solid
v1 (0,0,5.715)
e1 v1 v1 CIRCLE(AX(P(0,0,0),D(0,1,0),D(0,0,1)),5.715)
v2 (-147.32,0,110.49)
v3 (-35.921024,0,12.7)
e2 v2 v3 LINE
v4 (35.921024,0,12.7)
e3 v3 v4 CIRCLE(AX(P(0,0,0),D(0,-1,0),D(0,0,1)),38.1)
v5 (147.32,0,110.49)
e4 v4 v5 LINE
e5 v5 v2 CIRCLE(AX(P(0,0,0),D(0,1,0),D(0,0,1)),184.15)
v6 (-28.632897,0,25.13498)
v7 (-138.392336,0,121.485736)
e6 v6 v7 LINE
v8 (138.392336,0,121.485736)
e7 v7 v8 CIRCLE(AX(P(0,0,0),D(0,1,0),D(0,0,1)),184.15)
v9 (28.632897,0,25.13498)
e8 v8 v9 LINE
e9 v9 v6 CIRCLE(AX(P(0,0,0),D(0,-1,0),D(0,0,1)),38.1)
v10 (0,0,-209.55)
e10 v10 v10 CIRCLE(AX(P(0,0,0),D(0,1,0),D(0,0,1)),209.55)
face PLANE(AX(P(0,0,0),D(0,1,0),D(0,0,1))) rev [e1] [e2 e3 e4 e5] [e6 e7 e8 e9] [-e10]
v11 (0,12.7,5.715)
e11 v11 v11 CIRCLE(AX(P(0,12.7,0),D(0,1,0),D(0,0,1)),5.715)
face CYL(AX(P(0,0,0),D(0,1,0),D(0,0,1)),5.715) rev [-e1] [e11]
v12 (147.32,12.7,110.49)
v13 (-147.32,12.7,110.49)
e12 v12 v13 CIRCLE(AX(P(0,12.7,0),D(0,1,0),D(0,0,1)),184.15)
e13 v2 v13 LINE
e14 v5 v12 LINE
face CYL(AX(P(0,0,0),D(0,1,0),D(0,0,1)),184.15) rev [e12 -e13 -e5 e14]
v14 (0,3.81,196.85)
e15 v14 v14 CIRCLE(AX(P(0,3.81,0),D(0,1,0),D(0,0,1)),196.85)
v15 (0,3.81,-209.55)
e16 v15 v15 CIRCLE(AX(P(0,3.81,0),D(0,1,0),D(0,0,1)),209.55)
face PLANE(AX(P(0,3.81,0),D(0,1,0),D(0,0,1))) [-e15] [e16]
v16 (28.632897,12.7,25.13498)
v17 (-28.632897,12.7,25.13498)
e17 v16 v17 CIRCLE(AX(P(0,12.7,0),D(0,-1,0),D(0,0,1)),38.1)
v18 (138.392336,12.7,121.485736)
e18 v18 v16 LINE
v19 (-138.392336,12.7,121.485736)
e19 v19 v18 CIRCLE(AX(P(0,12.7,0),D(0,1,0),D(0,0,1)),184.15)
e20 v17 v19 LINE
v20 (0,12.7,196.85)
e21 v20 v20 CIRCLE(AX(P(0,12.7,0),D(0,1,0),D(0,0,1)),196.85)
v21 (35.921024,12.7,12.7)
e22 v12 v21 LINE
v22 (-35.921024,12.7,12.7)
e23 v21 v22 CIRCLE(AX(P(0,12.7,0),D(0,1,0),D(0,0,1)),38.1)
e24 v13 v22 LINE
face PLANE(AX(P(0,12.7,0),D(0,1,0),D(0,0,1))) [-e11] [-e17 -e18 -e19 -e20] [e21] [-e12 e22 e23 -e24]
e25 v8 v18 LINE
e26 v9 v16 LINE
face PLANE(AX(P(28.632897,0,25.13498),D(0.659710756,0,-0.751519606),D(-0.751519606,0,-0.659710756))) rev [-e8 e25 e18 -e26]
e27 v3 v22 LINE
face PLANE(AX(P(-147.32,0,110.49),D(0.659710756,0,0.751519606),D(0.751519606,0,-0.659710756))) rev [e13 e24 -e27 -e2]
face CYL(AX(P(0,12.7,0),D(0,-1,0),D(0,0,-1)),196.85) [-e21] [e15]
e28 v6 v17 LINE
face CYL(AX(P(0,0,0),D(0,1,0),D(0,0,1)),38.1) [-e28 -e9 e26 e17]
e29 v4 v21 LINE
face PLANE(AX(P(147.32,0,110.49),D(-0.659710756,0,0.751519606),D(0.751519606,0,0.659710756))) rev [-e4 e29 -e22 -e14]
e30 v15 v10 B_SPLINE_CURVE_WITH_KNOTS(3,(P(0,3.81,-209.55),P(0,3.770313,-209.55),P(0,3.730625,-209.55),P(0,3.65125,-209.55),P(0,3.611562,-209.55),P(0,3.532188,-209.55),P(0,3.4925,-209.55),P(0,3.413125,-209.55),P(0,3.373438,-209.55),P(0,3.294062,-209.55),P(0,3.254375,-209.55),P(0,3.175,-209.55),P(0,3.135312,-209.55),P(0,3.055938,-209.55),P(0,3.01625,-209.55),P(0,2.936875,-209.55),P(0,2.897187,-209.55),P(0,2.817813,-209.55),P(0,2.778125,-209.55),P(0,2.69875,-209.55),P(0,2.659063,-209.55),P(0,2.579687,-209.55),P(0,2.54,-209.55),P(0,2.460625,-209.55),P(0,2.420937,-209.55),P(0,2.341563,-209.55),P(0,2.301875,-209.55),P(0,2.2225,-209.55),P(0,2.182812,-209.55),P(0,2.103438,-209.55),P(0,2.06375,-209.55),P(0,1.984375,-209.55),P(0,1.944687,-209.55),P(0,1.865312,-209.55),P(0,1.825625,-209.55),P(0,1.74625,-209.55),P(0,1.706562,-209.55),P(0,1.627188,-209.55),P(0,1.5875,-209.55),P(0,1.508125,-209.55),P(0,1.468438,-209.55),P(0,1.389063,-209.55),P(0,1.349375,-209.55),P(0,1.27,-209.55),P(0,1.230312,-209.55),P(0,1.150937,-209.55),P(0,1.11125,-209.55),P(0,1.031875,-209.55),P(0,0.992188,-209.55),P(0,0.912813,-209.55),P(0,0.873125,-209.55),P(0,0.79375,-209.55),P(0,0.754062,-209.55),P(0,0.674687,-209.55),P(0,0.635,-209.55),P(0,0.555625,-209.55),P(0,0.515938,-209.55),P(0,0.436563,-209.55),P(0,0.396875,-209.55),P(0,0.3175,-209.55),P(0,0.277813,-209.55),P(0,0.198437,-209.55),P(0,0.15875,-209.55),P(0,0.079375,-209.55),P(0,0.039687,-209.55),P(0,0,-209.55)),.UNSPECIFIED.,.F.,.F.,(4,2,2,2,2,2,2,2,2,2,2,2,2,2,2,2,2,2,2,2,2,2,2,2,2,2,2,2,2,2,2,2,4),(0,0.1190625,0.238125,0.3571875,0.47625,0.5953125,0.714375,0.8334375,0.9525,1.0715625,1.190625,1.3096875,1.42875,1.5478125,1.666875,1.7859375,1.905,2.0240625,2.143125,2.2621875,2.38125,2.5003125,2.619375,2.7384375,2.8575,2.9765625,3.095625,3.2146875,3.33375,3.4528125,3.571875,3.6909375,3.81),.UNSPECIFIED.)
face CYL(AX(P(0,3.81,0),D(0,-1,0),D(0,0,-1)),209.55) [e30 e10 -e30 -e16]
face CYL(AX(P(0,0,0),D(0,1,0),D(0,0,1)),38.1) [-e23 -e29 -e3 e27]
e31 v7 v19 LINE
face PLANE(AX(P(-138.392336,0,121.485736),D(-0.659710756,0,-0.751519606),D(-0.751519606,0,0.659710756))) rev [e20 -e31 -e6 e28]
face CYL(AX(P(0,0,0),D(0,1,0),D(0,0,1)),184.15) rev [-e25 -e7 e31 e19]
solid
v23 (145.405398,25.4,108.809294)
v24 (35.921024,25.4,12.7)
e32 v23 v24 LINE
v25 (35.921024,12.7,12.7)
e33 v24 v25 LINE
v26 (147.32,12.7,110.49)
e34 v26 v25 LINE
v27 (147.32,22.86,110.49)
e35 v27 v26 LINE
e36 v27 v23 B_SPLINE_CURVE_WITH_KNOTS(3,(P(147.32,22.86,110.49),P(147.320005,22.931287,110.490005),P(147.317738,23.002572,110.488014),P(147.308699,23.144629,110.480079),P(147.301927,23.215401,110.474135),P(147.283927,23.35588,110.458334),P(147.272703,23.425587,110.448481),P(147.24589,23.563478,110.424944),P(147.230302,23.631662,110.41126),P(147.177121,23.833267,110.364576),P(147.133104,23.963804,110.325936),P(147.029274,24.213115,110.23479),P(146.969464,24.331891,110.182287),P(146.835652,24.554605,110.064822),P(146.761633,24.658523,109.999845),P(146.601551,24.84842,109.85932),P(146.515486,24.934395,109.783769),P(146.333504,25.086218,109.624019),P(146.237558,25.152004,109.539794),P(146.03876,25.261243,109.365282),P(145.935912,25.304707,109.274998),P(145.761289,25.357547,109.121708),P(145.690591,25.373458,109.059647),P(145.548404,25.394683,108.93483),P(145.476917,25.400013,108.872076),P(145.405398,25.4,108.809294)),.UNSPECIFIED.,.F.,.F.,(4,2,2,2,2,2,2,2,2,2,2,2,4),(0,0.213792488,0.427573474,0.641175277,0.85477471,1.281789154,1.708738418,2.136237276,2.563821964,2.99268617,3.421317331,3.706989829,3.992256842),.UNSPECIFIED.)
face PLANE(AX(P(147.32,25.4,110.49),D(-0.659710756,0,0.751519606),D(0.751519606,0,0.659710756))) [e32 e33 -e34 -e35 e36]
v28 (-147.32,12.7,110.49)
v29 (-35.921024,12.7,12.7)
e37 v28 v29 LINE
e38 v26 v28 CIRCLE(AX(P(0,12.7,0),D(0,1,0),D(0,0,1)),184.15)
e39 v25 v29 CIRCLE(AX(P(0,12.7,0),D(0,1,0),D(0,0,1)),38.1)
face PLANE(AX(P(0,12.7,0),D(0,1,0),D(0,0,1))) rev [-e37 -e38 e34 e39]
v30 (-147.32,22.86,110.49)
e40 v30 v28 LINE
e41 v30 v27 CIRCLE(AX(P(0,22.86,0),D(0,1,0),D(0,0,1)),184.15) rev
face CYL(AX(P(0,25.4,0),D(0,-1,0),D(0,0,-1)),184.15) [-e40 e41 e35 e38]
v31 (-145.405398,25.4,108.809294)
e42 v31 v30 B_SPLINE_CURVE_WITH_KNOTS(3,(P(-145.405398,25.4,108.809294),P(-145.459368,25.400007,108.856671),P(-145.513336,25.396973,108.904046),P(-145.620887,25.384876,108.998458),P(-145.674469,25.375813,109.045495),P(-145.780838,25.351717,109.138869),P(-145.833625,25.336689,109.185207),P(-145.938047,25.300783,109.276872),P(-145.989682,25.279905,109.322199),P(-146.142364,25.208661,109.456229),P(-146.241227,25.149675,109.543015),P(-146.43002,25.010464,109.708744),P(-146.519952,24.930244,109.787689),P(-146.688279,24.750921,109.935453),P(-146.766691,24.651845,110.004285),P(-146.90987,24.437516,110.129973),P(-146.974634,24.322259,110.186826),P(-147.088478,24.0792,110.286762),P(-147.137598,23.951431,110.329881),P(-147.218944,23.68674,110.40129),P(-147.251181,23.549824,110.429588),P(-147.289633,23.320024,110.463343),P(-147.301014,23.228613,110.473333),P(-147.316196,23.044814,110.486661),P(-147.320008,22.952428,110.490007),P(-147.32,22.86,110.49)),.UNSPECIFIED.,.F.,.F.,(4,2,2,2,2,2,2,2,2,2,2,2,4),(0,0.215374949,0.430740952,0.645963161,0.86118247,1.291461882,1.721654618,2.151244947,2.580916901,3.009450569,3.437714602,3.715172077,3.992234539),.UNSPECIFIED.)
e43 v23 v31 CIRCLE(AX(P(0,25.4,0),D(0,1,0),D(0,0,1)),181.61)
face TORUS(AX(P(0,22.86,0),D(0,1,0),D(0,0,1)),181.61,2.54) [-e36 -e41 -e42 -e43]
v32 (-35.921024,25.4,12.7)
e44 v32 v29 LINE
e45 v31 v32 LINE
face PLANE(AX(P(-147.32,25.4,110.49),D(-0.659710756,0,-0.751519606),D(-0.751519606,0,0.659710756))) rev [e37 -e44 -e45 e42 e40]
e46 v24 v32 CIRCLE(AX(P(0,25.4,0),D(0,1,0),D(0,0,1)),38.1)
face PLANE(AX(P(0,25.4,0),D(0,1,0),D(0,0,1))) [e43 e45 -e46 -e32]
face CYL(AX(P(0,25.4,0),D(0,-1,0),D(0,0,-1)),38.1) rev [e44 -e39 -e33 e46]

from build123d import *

# Parameters (mm, degrees)
SKETCH1_R           = 209.55
BOSS_EXTRUDE1_DEPTH = 3.81
SKETCH2_R           = 196.85
BOSS_EXTRUDE2_DEPTH = 8.89
SKETCH3_R           = 5.715
CUT_EXTRUDE1_DEPTH  = 297.620456139
BOSS_EXTRUDE3_DEPTH = 12.7
CUT_EXTRUDE2_DEPTH  = 297.620456139
FILLET1_R           = 2.54


with BuildPart() as part:
    # Sketch1 → Boss-Extrude1 (new body)
    with BuildSketch(Plane(origin=(0, 0, 0), x_dir=(1, 0, 0), z_dir=(0, 1, 0))):
        Circle(SKETCH1_R)
    extrude(amount=BOSS_EXTRUDE1_DEPTH)

    # Sketch2 → Boss-Extrude2 (add)
    with BuildSketch(Plane(origin=(0, 3.81, 0), x_dir=(1, 0, 0), z_dir=(0, 1, 0))):
        Circle(SKETCH2_R)
    extrude(amount=BOSS_EXTRUDE2_DEPTH)

    # Sketch3 → Cut-Extrude1 (cut, through all)
    with BuildSketch(Plane(origin=(0, 12.7, 0), x_dir=(1, 0, 0), z_dir=(0, 1, 0))):
        Circle(SKETCH3_R)
    extrude(amount=-CUT_EXTRUDE1_DEPTH, mode=Mode.SUBTRACT)

    # Sketch4 → Boss-Extrude3 (add)
    with BuildSketch(Plane(origin=(0, 12.7, 0), x_dir=(1, 0, 0), z_dir=(0, 1, 0))):
        with BuildLine():
            Line((-147.32, -110.49), (-35.921024484, -12.7))
            ThreePointArc((-35.921024484, -12.7), (0, 38.1), (35.921024484, -12.7))
            Line((35.921024484, -12.7), (147.32, -110.49))
            ThreePointArc((147.32, -110.49), (0, 184.15), (-147.32, -110.49))
        make_face()
    extrude(amount=BOSS_EXTRUDE3_DEPTH)

    # Sketch4<3> → Cut-Extrude2 (cut, through all)
    with BuildSketch(Plane(origin=(0, 12.7, 0), x_dir=(1, 0, 0), z_dir=(0, 1, 0))):
        with BuildLine():
            Line((-147.32, -110.49), (-35.921024484, -12.7))
            ThreePointArc((-35.921024484, -12.7), (0, 38.1), (35.921024484, -12.7))
            Line((35.921024484, -12.7), (147.32, -110.49))
            ThreePointArc((147.32, -110.49), (0, 184.15), (-147.32, -110.49))
        make_face()
        with BuildLine():
            Line((-138.392335529, -121.485735652), (-28.632897006, -25.13497979))
            ThreePointArc((-28.632897006, -25.13497979), (0, -38.1), (28.632897006, -25.13497979))
            Line((28.632897006, -25.13497979), (138.392335529, -121.485735652))
            ThreePointArc((138.392335529, -121.485735652), (0, -184.15), (-138.392335529, -121.485735652))
        make_face()
    extrude(amount=-CUT_EXTRUDE2_DEPTH, mode=Mode.SUBTRACT)


with BuildPart() as cut_extrude2_piece_1:
    # of the separate pieces the step leaves, piece 1, a body of its own (cut_extrude2_pieces)
    add(part.part.solids().sort_by_distance((-147.32, 25.4, 110.49))[0])

    # Fillet1
    fillet1_edges = [cut_extrude2_piece_1.edges().sort_by_distance(p)[0] for p in [
        (0, 25.4, -184.15),
    ]]
    fillet(fillet1_edges, radius=FILLET1_R)


with BuildPart() as cut_extrude2_piece_2:
    # of the separate pieces the step leaves, piece 2, a body of its own (cut_extrude2_pieces)
    add(part.part.solids().sort_by_distance((209.55, 0, 0))[0])


solid = Compound([cut_extrude2_piece_1.part, cut_extrude2_piece_2.part])
